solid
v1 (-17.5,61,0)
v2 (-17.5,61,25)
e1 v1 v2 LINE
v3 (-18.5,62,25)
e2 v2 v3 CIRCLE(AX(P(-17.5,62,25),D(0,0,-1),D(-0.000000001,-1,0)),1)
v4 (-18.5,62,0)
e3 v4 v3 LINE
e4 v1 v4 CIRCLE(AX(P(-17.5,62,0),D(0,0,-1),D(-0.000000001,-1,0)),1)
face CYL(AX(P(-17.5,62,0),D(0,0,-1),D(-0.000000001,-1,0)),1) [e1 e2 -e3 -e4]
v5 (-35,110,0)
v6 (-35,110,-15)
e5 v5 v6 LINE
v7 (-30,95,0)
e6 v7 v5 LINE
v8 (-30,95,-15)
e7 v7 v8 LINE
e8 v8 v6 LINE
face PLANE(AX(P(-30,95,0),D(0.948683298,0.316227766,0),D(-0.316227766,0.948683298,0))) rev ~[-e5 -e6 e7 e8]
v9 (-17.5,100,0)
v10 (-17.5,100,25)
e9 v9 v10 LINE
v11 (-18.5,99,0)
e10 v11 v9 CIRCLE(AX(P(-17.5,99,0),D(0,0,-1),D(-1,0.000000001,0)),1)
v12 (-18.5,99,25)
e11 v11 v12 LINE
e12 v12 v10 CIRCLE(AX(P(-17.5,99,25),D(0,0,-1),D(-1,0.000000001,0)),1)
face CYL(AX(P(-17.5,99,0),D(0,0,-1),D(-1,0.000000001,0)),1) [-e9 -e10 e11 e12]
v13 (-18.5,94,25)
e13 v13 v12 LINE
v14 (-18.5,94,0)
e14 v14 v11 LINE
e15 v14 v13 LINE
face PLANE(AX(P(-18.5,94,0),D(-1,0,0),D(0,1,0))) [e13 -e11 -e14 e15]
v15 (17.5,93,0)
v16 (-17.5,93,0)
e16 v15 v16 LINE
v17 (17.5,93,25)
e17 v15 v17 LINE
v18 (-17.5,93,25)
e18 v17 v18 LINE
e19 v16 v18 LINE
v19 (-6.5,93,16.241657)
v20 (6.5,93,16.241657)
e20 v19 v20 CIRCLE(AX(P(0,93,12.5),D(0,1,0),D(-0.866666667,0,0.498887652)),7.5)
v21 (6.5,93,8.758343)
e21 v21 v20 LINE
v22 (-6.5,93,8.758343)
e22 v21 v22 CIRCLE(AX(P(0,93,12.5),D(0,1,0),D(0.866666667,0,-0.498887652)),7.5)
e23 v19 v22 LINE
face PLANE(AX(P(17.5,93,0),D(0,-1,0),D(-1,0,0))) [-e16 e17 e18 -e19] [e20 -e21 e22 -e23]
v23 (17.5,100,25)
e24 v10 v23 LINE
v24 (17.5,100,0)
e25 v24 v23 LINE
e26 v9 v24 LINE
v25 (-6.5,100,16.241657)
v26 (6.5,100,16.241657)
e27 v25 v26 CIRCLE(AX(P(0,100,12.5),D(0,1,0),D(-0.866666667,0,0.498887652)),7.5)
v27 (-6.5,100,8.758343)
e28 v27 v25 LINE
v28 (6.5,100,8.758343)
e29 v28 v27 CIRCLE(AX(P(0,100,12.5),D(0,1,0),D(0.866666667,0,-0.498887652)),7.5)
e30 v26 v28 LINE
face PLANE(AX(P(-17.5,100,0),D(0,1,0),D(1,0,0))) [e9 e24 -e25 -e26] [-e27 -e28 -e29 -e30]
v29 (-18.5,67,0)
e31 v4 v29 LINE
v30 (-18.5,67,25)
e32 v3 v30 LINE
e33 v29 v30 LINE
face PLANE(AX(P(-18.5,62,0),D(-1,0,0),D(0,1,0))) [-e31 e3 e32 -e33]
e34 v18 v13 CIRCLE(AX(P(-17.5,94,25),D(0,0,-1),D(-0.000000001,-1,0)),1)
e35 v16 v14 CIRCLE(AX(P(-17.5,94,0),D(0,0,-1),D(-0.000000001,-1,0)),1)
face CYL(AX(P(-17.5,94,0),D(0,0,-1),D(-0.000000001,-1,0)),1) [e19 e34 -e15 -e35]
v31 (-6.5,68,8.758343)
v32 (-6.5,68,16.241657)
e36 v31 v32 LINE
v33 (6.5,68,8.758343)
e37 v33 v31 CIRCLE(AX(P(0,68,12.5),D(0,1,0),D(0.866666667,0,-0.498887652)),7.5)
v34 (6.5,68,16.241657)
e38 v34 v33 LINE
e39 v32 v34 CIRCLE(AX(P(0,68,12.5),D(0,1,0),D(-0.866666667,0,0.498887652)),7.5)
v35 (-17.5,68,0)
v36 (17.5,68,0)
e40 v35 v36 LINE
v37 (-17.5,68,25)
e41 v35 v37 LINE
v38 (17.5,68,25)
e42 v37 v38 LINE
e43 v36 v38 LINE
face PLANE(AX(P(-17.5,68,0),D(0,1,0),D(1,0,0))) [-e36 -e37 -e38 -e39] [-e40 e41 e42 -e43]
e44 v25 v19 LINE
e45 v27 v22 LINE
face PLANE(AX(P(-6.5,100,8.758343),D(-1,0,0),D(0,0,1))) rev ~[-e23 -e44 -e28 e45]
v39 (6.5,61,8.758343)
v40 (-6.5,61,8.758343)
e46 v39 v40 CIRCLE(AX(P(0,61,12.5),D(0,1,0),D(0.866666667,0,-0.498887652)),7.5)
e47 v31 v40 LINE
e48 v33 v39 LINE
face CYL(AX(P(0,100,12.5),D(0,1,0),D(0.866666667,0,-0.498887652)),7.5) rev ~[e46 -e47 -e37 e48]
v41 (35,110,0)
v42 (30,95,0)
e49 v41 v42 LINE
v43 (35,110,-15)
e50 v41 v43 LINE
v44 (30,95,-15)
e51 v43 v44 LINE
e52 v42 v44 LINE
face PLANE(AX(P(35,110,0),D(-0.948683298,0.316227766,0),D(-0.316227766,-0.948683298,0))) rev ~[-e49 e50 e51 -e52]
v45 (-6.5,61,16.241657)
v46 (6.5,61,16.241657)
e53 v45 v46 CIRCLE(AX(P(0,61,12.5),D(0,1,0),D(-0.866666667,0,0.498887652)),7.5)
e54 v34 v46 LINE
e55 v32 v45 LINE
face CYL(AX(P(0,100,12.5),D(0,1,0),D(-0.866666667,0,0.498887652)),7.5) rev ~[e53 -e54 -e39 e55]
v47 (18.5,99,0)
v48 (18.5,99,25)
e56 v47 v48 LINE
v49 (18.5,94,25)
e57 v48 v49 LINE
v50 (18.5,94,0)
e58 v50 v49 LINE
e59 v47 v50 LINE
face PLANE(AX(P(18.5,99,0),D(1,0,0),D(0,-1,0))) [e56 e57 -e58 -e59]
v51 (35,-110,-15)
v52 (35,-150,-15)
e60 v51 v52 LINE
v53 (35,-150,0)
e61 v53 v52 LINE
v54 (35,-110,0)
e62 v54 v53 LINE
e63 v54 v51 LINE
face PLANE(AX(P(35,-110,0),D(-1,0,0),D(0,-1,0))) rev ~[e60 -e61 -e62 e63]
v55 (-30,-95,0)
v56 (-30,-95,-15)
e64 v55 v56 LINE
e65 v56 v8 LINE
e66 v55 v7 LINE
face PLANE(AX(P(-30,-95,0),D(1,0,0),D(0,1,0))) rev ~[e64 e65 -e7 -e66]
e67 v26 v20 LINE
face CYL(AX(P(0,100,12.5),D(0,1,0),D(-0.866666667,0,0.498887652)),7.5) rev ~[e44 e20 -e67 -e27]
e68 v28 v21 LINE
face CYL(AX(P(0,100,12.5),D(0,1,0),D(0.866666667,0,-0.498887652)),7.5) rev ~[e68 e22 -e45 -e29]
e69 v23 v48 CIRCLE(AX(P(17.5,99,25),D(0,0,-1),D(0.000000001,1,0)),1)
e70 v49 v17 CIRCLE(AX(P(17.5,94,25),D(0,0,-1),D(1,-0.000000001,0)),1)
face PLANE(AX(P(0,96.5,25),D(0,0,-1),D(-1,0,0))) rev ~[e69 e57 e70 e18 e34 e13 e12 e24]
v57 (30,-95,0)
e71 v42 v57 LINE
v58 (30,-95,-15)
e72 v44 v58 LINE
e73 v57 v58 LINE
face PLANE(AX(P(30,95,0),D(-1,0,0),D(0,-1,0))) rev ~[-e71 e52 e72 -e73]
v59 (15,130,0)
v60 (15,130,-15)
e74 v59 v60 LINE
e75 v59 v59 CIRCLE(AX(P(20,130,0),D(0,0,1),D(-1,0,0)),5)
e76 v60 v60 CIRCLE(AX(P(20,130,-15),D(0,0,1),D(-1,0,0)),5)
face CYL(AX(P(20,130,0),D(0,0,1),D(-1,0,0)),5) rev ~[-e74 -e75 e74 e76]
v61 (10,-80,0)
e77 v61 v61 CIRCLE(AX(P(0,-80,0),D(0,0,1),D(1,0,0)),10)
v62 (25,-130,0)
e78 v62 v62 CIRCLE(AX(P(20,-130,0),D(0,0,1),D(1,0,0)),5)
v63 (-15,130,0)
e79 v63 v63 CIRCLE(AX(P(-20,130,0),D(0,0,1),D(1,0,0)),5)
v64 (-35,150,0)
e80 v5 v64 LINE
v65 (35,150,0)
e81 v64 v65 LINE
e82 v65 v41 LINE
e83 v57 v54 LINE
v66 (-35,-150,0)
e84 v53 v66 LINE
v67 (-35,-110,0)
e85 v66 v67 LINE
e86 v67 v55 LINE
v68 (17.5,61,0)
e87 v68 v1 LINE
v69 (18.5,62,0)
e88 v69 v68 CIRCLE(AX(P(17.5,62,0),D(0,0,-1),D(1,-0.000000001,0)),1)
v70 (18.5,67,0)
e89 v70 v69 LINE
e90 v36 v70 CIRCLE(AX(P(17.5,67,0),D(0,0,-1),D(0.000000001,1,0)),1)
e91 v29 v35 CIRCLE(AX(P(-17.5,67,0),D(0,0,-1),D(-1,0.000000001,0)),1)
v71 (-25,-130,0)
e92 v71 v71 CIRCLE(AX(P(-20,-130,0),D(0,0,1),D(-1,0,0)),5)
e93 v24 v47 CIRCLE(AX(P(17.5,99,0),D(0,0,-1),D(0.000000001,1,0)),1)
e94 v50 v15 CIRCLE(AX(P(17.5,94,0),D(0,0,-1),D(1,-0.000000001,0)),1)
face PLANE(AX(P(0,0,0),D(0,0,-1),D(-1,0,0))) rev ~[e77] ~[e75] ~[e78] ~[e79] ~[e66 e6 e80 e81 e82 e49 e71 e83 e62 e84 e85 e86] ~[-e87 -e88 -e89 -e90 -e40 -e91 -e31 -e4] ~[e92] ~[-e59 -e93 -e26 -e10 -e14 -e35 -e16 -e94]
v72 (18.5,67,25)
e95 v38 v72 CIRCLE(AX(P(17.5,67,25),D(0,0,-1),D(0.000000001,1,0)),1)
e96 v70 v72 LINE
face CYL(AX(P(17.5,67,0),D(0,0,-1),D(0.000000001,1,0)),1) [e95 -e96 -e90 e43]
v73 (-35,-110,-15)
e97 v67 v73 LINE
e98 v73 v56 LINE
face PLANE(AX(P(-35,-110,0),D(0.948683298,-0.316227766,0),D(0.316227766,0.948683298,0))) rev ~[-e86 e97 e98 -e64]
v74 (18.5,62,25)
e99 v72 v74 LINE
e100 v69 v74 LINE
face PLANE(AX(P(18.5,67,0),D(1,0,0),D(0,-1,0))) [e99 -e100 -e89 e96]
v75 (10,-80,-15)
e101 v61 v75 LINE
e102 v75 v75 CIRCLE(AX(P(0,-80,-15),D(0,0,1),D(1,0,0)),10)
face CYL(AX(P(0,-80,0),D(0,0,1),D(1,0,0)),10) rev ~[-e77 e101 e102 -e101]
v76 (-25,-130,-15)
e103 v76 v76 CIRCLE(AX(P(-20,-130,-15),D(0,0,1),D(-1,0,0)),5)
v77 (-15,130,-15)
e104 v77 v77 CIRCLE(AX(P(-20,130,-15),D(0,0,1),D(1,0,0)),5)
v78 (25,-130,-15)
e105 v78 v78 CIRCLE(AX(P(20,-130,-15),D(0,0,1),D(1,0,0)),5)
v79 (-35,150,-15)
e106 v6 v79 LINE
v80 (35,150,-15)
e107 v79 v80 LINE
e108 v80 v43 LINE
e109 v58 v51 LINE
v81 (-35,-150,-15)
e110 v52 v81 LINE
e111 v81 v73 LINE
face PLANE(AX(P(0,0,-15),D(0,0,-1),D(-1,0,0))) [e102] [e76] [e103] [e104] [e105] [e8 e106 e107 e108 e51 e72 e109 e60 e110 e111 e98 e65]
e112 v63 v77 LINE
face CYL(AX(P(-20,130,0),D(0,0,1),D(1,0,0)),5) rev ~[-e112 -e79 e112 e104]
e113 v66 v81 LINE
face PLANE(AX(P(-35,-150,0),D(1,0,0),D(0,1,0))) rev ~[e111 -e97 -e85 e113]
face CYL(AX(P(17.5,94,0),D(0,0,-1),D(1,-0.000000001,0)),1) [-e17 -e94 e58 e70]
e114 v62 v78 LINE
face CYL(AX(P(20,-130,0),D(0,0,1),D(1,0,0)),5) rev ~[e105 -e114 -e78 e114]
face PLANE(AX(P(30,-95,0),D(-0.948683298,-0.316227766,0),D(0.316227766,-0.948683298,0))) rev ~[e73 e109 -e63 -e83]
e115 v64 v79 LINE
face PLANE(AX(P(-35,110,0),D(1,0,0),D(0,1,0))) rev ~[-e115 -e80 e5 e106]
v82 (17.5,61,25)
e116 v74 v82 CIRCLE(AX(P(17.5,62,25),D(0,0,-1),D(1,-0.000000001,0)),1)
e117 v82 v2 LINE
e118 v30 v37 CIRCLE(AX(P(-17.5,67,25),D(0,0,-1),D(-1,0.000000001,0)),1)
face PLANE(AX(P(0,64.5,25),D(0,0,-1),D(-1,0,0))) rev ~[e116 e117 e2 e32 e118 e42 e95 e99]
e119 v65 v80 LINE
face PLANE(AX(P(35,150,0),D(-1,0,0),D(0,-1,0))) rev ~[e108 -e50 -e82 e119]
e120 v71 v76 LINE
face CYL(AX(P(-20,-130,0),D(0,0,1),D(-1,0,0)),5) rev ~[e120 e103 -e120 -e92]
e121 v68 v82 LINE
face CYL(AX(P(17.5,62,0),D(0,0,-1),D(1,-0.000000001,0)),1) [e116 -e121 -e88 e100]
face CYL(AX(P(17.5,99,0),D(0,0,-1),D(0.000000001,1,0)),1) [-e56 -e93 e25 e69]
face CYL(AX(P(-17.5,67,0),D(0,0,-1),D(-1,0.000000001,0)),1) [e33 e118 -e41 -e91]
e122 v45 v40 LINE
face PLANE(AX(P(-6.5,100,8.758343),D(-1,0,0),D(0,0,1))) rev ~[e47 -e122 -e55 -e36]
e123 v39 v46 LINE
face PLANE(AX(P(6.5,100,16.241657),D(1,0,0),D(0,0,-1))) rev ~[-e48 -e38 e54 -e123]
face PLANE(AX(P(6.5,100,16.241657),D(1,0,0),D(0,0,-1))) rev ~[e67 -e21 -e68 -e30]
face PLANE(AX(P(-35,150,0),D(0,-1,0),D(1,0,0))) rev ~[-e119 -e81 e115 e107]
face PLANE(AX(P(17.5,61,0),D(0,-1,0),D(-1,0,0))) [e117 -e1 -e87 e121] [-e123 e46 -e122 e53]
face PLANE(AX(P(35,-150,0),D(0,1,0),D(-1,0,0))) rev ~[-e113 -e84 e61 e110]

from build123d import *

# Parameters (mm, degrees)
BOSS_EXTRUDE1_DEPTH = 15
SKETCH1_3_R         = 5
SKETCH1_3_R_2       = 10
CUT_EXTRUDE1_DEPTH  = 15
BOSS_EXTRUDE2_DEPTH = 25
CUT_EXTRUDE3_DEPTH  = 254.673017879


with BuildPart() as part:
    # Sketch1 → Boss-Extrude1 (new body)
    with BuildSketch(Plane.XY):
        Polygon((-35, 150), (35, 150), (35, 110), (30, 95), (30, -95), (35, -110), (35, -150), (-35, -150), (-35, -110), (-30, -95), (-30, 95), (-35, 110), align=None)
    extrude(amount=-BOSS_EXTRUDE1_DEPTH)

    # Sketch1<3> → Cut-Extrude1 (cut)
    with BuildSketch(Plane.XY):
        with Locations((-20, 130)):
            Circle(SKETCH1_3_R)
        with Locations((20, 130)):
            Circle(SKETCH1_3_R)
        with Locations((0, -80)):
            Circle(SKETCH1_3_R_2)
        with Locations((20, -130)):
            Circle(SKETCH1_3_R)
        with Locations((-20, -130)):
            Circle(SKETCH1_3_R)
    extrude(amount=-CUT_EXTRUDE1_DEPTH, mode=Mode.SUBTRACT)

    # Sketch1<4> → Boss-Extrude2 (add)
    with BuildSketch(Plane.XY):
        with BuildLine():
            Line((-17.5, 100), (17.5, 100))
            ThreePointArc((17.5, 100), (18.207106781, 99.707106781), (18.5, 99))
            Line((18.5, 99), (18.5, 94))
            ThreePointArc((18.5, 94), (18.207106781, 93.292893219), (17.5, 93))
            Line((17.5, 93), (-17.5, 93))
            ThreePointArc((-17.5, 93), (-18.207106781, 93.292893219), (-18.5, 94))
            Line((-18.5, 94), (-18.5, 99))
            ThreePointArc((-18.5, 99), (-18.207106781, 99.707106781), (-17.5, 100))
        make_face()
        with BuildLine():
            Line((-17.5, 68), (17.5, 68))
            ThreePointArc((17.5, 68), (18.207106781, 67.707106781), (18.5, 67))
            Line((18.5, 67), (18.5, 62))
            ThreePointArc((18.5, 62), (18.207106781, 61.292893219), (17.5, 61))
            Line((17.5, 61), (-17.5, 61))
            ThreePointArc((-17.5, 61), (-18.207106781, 61.292893219), (-18.5, 62))
            Line((-18.5, 62), (-18.5, 67))
            ThreePointArc((-18.5, 67), (-18.207106781, 67.707106781), (-17.5, 68))
        make_face()
    extrude(amount=BOSS_EXTRUDE2_DEPTH)

    # Sketch2 → Cut-Extrude3 (cut, through all)
    with BuildSketch(Plane(origin=(0, 100, 0), x_dir=(1, 0, 0), z_dir=(0, 1, 0))):
        with BuildLine():
            Line((-6.5, -8.758342613), (-6.5, -16.241657387))
            ThreePointArc((-6.5, -16.241657387), (0, -20), (6.5, -16.241657387))
            Line((6.5, -16.241657387), (6.5, -8.758342613))
            ThreePointArc((6.5, -8.758342613), (0, -5), (-6.5, -8.758342613))
        make_face()
    extrude(amount=-CUT_EXTRUDE3_DEPTH, mode=Mode.SUBTRACT)


solid = part.part
